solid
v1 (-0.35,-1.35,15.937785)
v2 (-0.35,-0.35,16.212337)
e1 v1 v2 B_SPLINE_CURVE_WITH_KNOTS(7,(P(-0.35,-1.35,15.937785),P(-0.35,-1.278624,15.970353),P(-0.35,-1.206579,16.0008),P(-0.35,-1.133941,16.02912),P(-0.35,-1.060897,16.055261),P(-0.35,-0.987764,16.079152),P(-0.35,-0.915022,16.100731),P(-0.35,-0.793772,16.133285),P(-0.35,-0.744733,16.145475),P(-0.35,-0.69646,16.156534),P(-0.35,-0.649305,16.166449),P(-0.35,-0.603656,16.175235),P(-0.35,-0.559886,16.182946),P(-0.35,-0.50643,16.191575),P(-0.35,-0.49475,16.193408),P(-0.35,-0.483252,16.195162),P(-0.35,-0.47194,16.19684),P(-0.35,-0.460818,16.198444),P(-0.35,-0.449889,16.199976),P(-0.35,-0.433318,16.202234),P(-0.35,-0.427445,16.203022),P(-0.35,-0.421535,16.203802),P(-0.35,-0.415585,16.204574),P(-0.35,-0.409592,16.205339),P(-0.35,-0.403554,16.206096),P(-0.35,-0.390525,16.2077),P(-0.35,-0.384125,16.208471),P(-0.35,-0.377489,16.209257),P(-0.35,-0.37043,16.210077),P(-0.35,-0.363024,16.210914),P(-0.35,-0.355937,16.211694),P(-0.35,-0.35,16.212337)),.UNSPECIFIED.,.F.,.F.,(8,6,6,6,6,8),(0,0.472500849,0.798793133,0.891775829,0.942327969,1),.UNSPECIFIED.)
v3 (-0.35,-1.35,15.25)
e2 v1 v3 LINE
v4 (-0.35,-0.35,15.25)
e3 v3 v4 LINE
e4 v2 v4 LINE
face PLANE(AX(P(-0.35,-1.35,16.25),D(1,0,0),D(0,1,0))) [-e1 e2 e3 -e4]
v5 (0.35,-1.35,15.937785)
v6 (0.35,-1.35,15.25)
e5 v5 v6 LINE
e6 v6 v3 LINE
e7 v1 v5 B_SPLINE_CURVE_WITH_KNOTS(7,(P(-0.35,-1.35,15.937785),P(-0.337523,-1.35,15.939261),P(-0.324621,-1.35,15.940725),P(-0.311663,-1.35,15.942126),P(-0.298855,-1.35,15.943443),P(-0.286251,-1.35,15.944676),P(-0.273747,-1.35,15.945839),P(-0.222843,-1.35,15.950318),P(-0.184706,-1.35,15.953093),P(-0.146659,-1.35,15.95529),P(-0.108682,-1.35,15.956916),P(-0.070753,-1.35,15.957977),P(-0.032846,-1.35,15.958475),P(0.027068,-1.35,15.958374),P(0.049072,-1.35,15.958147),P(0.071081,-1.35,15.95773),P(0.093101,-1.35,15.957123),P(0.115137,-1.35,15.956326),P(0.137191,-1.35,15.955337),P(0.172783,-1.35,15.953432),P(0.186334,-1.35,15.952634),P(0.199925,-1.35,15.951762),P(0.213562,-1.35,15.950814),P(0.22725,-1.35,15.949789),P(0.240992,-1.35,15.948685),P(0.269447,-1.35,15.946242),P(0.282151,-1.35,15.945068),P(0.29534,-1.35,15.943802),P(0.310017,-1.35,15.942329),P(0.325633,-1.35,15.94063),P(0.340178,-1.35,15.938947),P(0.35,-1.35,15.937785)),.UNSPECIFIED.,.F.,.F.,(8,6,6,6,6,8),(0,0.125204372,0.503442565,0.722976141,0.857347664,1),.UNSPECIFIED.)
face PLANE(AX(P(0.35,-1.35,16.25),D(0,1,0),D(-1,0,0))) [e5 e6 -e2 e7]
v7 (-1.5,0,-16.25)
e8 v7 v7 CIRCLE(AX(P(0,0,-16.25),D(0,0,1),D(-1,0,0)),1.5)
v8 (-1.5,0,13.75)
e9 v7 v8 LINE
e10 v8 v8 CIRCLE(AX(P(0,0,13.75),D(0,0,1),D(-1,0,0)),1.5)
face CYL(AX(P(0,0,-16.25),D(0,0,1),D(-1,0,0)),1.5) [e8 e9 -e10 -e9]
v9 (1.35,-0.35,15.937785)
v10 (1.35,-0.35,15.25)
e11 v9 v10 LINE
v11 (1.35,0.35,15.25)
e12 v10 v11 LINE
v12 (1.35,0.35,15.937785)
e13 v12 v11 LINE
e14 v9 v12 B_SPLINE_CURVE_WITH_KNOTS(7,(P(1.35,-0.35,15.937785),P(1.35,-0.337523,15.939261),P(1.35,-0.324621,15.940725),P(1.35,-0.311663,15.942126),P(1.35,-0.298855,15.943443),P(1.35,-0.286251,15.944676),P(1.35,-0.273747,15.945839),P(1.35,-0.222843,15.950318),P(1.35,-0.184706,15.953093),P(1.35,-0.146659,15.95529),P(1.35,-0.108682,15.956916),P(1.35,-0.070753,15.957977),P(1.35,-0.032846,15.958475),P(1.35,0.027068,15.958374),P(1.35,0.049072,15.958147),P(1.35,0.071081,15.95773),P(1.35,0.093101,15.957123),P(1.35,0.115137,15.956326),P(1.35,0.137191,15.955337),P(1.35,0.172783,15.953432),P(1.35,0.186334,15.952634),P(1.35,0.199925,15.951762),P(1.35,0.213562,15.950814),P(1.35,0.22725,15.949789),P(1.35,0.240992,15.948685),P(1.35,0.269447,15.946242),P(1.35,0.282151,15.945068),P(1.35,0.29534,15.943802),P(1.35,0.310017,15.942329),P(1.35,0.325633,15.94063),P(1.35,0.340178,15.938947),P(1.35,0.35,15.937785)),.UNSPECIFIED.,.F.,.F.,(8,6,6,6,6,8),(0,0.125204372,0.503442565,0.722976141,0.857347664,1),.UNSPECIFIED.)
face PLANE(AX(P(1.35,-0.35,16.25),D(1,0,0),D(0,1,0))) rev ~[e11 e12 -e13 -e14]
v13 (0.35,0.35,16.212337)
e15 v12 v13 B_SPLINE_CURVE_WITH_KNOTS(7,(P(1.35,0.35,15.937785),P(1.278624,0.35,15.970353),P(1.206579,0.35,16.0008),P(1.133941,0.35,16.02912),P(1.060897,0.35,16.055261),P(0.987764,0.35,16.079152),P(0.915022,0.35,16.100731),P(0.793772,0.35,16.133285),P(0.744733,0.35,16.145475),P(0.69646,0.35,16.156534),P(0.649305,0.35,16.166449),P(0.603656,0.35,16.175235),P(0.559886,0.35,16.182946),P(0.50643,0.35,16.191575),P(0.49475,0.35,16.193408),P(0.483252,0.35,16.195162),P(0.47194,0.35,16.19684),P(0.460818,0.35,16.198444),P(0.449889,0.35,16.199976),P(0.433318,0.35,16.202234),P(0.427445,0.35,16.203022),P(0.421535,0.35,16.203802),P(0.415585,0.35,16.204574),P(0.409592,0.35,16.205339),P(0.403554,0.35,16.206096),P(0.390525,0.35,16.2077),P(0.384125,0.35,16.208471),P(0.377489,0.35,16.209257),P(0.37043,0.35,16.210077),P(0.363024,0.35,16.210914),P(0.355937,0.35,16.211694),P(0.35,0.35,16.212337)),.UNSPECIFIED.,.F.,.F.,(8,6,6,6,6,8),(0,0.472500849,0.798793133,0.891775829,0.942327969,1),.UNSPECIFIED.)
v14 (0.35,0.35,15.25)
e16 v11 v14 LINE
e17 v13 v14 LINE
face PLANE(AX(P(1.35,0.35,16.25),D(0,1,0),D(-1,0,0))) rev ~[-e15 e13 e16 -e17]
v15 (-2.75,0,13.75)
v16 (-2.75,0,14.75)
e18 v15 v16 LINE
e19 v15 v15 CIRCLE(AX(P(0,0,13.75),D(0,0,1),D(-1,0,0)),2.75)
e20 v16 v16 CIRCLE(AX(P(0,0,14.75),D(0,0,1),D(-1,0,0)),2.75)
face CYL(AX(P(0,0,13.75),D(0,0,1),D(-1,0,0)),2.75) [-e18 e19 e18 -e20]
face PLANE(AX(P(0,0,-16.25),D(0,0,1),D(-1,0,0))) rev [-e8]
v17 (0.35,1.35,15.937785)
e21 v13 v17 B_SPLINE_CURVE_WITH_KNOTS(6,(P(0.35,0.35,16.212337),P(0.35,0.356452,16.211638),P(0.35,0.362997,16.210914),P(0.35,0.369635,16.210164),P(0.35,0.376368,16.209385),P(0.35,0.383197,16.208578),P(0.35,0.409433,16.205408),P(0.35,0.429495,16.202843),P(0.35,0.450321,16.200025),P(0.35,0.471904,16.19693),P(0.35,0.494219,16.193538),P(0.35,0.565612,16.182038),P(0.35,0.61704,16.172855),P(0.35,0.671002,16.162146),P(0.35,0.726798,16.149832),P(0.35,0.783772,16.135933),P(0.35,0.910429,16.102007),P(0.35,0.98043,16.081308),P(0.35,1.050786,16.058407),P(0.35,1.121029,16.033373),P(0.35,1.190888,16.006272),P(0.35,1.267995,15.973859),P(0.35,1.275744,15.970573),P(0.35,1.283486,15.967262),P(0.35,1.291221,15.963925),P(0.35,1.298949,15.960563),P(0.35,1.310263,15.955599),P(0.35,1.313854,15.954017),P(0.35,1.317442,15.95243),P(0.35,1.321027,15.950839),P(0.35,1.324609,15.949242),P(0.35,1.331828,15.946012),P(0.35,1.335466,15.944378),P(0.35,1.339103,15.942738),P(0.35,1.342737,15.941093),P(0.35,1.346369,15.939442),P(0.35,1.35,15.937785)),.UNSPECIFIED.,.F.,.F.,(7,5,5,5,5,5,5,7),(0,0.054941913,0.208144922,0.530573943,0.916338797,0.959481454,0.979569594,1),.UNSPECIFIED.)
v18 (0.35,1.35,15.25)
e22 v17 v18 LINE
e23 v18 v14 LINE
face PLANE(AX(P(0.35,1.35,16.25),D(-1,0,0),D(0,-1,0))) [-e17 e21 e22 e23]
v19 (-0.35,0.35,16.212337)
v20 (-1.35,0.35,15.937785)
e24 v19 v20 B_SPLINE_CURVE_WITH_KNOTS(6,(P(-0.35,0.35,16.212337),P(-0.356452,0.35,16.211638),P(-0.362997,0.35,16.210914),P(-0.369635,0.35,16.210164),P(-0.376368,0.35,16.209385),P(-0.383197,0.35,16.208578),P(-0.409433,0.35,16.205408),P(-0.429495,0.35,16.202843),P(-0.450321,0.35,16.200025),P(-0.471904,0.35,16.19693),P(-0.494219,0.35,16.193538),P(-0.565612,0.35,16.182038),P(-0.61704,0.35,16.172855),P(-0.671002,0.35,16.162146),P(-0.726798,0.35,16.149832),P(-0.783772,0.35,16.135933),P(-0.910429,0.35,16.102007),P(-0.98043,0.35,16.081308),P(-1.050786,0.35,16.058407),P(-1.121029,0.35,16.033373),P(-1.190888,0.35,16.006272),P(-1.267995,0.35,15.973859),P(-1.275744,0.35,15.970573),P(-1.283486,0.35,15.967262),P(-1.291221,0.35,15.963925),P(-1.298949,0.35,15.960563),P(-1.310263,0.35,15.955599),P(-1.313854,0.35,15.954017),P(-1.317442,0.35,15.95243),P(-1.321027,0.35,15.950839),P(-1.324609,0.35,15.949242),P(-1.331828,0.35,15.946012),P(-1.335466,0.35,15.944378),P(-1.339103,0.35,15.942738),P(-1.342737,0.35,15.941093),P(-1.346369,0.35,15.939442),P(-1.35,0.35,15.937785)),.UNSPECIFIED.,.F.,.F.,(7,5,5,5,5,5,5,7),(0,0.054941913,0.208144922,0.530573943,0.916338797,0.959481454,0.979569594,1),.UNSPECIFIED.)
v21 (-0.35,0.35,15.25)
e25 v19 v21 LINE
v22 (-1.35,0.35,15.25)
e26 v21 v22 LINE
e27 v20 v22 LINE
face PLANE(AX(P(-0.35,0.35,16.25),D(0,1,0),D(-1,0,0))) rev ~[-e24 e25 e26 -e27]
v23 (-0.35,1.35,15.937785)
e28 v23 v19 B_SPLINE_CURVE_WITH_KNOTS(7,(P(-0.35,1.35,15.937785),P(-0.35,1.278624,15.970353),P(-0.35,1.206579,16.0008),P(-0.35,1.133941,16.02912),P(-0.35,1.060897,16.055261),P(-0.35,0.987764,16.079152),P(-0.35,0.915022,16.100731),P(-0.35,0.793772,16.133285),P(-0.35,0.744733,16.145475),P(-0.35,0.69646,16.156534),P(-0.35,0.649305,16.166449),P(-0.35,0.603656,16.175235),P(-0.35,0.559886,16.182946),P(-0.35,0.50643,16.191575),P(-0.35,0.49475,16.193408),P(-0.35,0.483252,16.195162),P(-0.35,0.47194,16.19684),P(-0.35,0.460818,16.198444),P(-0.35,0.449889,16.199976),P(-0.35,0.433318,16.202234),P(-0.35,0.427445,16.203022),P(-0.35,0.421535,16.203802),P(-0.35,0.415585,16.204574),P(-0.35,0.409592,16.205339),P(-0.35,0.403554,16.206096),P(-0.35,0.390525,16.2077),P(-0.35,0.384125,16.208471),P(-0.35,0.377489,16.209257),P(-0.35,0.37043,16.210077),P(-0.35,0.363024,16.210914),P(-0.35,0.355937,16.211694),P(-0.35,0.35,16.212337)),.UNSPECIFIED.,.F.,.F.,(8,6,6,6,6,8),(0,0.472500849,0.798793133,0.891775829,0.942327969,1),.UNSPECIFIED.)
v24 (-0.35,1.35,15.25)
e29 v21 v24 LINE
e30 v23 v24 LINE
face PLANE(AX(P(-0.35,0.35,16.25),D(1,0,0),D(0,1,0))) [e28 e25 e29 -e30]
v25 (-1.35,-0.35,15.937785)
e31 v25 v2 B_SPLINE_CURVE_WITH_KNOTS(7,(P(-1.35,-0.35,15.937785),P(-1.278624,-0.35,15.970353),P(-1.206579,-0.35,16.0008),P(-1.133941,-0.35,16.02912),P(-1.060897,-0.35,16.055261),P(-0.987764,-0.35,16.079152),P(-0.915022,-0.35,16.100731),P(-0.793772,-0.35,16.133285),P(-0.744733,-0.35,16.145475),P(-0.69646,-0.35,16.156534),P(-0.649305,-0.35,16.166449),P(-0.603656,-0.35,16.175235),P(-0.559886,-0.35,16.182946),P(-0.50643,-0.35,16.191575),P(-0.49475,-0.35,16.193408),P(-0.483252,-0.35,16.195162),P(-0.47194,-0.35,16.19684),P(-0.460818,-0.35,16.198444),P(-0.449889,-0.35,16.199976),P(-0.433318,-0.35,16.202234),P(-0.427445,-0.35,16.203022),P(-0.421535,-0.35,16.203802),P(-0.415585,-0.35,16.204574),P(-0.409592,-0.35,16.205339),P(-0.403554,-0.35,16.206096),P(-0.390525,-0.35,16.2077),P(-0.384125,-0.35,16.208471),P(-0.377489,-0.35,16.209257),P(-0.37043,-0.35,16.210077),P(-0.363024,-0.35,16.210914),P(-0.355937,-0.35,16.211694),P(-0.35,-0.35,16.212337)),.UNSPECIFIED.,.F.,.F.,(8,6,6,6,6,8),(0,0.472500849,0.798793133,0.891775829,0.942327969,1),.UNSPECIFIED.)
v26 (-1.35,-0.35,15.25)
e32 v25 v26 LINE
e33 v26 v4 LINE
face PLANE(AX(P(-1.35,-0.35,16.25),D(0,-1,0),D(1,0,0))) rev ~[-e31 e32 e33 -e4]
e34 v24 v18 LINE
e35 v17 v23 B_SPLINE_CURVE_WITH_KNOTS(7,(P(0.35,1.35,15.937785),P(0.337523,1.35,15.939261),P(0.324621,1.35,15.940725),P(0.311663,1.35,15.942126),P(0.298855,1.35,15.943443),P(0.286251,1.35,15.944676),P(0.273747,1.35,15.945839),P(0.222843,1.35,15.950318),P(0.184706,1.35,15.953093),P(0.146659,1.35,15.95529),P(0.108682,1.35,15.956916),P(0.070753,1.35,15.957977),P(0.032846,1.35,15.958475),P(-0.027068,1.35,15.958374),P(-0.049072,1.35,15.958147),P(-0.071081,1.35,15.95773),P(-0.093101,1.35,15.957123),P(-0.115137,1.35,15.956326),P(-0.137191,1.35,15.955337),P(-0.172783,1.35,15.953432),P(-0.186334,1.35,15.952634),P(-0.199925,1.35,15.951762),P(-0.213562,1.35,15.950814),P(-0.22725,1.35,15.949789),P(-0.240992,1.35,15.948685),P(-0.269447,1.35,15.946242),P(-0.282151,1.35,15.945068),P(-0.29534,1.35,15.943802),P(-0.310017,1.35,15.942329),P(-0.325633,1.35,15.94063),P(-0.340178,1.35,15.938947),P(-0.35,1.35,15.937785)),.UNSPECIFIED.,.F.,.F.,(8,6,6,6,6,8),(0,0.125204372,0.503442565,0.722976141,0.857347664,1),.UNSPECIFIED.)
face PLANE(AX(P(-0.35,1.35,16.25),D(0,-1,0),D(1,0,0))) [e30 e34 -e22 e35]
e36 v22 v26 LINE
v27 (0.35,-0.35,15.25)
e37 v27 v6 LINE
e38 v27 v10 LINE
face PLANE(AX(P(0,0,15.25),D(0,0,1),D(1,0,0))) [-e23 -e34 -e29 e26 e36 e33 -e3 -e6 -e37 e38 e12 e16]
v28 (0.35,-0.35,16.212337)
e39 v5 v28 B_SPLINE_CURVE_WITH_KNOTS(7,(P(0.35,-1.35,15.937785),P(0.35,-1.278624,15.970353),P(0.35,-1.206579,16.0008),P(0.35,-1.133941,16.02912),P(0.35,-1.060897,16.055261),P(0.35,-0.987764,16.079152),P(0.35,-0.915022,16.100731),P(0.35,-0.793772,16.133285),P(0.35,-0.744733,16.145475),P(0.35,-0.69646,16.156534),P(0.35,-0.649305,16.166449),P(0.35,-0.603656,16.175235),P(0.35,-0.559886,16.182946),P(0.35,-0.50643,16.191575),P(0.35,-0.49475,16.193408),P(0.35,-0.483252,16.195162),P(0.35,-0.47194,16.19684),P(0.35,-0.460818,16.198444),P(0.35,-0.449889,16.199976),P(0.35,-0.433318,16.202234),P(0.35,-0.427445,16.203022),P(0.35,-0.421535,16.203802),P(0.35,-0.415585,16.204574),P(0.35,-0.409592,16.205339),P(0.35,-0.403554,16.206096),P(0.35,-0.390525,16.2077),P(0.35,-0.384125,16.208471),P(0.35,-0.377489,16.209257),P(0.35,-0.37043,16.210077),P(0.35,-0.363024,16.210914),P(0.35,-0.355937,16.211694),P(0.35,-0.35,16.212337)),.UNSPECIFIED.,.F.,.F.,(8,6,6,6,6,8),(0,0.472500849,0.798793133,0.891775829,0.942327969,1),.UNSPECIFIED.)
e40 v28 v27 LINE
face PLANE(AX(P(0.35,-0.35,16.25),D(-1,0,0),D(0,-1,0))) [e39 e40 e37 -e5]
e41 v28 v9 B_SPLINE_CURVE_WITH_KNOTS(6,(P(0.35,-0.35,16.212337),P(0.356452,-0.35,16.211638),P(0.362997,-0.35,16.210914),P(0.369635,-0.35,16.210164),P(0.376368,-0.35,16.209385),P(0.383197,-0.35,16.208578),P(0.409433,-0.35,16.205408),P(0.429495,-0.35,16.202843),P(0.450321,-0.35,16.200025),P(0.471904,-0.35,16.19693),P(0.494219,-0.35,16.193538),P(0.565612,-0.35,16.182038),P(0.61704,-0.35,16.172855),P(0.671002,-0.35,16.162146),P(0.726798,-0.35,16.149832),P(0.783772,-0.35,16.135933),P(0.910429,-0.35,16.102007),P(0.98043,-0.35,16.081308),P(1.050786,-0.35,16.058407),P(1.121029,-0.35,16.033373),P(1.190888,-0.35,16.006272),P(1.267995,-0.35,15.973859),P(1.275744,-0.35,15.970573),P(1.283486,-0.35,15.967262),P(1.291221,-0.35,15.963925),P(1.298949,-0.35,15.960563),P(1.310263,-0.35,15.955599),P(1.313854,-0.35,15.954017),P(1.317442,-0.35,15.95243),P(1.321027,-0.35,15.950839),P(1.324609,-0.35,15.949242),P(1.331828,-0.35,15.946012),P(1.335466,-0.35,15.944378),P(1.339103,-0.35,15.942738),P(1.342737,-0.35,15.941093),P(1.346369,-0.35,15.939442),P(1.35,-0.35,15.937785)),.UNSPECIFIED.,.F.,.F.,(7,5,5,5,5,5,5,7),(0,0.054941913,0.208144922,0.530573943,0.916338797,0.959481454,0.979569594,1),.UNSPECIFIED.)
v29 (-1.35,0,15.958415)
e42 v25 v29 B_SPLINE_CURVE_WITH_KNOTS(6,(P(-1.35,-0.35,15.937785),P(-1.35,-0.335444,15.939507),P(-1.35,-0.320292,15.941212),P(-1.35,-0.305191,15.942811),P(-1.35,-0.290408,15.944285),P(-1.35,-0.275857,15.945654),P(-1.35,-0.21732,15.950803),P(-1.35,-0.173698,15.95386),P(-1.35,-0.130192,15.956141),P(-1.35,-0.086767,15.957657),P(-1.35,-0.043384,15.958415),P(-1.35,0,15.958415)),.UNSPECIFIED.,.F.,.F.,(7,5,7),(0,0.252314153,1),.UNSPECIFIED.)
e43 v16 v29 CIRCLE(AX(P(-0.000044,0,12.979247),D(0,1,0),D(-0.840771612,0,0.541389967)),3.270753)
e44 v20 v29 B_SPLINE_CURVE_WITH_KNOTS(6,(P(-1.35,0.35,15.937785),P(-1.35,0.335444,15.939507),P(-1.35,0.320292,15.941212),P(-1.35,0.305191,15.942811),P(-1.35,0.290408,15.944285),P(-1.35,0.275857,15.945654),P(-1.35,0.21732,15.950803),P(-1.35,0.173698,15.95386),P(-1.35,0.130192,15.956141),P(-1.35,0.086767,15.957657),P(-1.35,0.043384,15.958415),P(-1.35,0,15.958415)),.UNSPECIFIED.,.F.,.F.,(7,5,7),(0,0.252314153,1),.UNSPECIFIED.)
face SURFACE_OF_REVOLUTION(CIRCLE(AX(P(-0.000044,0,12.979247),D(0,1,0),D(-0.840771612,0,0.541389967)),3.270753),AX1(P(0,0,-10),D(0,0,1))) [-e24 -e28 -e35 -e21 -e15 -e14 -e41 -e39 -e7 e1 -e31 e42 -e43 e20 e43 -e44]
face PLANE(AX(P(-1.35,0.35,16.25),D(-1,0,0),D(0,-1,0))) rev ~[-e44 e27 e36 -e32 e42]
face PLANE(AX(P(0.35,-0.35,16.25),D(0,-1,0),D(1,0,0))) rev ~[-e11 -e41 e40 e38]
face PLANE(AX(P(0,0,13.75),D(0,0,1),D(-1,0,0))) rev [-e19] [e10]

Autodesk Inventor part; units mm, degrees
ref_plane "YZ Plane" through (0, 0, 0) normal (1, 0, 0) x (0, 1, 0)
ref_plane "XZ Plane" through (0, 0, 0) normal (0, 1, 0) x (-1, 0, 0)
sketch "Sketch1" plane through (0, 0, 0) normal (0, 1, 0) x (-1, 0, 0)
  line L0 (0, -22.8201) -> (0, 23.1707) projected
  line L1 (0, -16.25) -> (0, 16.25)
  line L2 (0, -16.25) -> (1.5, -16.25)
  line L3 (1.5, -16.25) -> (1.5, 13.75)
  line L4 (1.5, 13.75) -> (2.75, 13.75)
  line L5 (2.75, 13.75) -> (2.75, 14.75)
  arc A0 (2.75, 14.75) -> (0, 16.25) centre (0, 12.9792) ccw
  line L6 (3.5295, 0) -> (-0.5882, 0) projected
  point P0 (0, 0)
  dimension "d0" = 30
  dimension "d1" = 3
  dimension "d2" = 2.5
  dimension "d3" = 5.5
  dimension "d4" = 1
revolve "Revolution1" add sketch "Sketch1" angle 360 about axis through (0, 0, -10) along (0, 0, 1)
ref_plane "Work Plane1" through (0, 0, 16.25) normal (0, 0, 1) x (1, 0, 0)
sketch "Sketch2" plane through (0, 0, 16.25) normal (0, 0, 1) x (1, 0, 0)
  line L0 (-1.35, -0.35) -> (1.35, -0.35)
  line L1 (1.35, -0.35) -> (1.35, 0.35)
  line L2 (1.35, 0.35) -> (-1.35, 0.35)
  line L3 (-1.35, 0.35) -> (-1.35, -0.35)
  line L4 (-1.35, -0.35) -> (1.35, 0.35) construction
  line L5 (1.35, -0.35) -> (-1.35, 0.35) construction
  line L6 (0.35, -1.35) -> (-0.35, -1.35)
  line L7 (-0.35, -1.35) -> (-0.35, 1.35)
  line L8 (-0.35, 1.35) -> (0.35, 1.35)
  line L9 (0.35, 1.35) -> (0.35, -1.35)
  line L10 (0.35, -1.35) -> (-0.35, 1.35) construction
  line L11 (-0.35, -1.35) -> (0.35, 1.35) construction
  point P0 (0, 0)
  dimension "d6" = 2.7
  dimension "d7" = 0.7
extrude "Extrusion1" cut sketch "Sketch2" against normal blind 1
thread "Thread1" size "M3x0.5" class "6g" standard "ANSI Metric M Profile" full length
properties part number "empty"
